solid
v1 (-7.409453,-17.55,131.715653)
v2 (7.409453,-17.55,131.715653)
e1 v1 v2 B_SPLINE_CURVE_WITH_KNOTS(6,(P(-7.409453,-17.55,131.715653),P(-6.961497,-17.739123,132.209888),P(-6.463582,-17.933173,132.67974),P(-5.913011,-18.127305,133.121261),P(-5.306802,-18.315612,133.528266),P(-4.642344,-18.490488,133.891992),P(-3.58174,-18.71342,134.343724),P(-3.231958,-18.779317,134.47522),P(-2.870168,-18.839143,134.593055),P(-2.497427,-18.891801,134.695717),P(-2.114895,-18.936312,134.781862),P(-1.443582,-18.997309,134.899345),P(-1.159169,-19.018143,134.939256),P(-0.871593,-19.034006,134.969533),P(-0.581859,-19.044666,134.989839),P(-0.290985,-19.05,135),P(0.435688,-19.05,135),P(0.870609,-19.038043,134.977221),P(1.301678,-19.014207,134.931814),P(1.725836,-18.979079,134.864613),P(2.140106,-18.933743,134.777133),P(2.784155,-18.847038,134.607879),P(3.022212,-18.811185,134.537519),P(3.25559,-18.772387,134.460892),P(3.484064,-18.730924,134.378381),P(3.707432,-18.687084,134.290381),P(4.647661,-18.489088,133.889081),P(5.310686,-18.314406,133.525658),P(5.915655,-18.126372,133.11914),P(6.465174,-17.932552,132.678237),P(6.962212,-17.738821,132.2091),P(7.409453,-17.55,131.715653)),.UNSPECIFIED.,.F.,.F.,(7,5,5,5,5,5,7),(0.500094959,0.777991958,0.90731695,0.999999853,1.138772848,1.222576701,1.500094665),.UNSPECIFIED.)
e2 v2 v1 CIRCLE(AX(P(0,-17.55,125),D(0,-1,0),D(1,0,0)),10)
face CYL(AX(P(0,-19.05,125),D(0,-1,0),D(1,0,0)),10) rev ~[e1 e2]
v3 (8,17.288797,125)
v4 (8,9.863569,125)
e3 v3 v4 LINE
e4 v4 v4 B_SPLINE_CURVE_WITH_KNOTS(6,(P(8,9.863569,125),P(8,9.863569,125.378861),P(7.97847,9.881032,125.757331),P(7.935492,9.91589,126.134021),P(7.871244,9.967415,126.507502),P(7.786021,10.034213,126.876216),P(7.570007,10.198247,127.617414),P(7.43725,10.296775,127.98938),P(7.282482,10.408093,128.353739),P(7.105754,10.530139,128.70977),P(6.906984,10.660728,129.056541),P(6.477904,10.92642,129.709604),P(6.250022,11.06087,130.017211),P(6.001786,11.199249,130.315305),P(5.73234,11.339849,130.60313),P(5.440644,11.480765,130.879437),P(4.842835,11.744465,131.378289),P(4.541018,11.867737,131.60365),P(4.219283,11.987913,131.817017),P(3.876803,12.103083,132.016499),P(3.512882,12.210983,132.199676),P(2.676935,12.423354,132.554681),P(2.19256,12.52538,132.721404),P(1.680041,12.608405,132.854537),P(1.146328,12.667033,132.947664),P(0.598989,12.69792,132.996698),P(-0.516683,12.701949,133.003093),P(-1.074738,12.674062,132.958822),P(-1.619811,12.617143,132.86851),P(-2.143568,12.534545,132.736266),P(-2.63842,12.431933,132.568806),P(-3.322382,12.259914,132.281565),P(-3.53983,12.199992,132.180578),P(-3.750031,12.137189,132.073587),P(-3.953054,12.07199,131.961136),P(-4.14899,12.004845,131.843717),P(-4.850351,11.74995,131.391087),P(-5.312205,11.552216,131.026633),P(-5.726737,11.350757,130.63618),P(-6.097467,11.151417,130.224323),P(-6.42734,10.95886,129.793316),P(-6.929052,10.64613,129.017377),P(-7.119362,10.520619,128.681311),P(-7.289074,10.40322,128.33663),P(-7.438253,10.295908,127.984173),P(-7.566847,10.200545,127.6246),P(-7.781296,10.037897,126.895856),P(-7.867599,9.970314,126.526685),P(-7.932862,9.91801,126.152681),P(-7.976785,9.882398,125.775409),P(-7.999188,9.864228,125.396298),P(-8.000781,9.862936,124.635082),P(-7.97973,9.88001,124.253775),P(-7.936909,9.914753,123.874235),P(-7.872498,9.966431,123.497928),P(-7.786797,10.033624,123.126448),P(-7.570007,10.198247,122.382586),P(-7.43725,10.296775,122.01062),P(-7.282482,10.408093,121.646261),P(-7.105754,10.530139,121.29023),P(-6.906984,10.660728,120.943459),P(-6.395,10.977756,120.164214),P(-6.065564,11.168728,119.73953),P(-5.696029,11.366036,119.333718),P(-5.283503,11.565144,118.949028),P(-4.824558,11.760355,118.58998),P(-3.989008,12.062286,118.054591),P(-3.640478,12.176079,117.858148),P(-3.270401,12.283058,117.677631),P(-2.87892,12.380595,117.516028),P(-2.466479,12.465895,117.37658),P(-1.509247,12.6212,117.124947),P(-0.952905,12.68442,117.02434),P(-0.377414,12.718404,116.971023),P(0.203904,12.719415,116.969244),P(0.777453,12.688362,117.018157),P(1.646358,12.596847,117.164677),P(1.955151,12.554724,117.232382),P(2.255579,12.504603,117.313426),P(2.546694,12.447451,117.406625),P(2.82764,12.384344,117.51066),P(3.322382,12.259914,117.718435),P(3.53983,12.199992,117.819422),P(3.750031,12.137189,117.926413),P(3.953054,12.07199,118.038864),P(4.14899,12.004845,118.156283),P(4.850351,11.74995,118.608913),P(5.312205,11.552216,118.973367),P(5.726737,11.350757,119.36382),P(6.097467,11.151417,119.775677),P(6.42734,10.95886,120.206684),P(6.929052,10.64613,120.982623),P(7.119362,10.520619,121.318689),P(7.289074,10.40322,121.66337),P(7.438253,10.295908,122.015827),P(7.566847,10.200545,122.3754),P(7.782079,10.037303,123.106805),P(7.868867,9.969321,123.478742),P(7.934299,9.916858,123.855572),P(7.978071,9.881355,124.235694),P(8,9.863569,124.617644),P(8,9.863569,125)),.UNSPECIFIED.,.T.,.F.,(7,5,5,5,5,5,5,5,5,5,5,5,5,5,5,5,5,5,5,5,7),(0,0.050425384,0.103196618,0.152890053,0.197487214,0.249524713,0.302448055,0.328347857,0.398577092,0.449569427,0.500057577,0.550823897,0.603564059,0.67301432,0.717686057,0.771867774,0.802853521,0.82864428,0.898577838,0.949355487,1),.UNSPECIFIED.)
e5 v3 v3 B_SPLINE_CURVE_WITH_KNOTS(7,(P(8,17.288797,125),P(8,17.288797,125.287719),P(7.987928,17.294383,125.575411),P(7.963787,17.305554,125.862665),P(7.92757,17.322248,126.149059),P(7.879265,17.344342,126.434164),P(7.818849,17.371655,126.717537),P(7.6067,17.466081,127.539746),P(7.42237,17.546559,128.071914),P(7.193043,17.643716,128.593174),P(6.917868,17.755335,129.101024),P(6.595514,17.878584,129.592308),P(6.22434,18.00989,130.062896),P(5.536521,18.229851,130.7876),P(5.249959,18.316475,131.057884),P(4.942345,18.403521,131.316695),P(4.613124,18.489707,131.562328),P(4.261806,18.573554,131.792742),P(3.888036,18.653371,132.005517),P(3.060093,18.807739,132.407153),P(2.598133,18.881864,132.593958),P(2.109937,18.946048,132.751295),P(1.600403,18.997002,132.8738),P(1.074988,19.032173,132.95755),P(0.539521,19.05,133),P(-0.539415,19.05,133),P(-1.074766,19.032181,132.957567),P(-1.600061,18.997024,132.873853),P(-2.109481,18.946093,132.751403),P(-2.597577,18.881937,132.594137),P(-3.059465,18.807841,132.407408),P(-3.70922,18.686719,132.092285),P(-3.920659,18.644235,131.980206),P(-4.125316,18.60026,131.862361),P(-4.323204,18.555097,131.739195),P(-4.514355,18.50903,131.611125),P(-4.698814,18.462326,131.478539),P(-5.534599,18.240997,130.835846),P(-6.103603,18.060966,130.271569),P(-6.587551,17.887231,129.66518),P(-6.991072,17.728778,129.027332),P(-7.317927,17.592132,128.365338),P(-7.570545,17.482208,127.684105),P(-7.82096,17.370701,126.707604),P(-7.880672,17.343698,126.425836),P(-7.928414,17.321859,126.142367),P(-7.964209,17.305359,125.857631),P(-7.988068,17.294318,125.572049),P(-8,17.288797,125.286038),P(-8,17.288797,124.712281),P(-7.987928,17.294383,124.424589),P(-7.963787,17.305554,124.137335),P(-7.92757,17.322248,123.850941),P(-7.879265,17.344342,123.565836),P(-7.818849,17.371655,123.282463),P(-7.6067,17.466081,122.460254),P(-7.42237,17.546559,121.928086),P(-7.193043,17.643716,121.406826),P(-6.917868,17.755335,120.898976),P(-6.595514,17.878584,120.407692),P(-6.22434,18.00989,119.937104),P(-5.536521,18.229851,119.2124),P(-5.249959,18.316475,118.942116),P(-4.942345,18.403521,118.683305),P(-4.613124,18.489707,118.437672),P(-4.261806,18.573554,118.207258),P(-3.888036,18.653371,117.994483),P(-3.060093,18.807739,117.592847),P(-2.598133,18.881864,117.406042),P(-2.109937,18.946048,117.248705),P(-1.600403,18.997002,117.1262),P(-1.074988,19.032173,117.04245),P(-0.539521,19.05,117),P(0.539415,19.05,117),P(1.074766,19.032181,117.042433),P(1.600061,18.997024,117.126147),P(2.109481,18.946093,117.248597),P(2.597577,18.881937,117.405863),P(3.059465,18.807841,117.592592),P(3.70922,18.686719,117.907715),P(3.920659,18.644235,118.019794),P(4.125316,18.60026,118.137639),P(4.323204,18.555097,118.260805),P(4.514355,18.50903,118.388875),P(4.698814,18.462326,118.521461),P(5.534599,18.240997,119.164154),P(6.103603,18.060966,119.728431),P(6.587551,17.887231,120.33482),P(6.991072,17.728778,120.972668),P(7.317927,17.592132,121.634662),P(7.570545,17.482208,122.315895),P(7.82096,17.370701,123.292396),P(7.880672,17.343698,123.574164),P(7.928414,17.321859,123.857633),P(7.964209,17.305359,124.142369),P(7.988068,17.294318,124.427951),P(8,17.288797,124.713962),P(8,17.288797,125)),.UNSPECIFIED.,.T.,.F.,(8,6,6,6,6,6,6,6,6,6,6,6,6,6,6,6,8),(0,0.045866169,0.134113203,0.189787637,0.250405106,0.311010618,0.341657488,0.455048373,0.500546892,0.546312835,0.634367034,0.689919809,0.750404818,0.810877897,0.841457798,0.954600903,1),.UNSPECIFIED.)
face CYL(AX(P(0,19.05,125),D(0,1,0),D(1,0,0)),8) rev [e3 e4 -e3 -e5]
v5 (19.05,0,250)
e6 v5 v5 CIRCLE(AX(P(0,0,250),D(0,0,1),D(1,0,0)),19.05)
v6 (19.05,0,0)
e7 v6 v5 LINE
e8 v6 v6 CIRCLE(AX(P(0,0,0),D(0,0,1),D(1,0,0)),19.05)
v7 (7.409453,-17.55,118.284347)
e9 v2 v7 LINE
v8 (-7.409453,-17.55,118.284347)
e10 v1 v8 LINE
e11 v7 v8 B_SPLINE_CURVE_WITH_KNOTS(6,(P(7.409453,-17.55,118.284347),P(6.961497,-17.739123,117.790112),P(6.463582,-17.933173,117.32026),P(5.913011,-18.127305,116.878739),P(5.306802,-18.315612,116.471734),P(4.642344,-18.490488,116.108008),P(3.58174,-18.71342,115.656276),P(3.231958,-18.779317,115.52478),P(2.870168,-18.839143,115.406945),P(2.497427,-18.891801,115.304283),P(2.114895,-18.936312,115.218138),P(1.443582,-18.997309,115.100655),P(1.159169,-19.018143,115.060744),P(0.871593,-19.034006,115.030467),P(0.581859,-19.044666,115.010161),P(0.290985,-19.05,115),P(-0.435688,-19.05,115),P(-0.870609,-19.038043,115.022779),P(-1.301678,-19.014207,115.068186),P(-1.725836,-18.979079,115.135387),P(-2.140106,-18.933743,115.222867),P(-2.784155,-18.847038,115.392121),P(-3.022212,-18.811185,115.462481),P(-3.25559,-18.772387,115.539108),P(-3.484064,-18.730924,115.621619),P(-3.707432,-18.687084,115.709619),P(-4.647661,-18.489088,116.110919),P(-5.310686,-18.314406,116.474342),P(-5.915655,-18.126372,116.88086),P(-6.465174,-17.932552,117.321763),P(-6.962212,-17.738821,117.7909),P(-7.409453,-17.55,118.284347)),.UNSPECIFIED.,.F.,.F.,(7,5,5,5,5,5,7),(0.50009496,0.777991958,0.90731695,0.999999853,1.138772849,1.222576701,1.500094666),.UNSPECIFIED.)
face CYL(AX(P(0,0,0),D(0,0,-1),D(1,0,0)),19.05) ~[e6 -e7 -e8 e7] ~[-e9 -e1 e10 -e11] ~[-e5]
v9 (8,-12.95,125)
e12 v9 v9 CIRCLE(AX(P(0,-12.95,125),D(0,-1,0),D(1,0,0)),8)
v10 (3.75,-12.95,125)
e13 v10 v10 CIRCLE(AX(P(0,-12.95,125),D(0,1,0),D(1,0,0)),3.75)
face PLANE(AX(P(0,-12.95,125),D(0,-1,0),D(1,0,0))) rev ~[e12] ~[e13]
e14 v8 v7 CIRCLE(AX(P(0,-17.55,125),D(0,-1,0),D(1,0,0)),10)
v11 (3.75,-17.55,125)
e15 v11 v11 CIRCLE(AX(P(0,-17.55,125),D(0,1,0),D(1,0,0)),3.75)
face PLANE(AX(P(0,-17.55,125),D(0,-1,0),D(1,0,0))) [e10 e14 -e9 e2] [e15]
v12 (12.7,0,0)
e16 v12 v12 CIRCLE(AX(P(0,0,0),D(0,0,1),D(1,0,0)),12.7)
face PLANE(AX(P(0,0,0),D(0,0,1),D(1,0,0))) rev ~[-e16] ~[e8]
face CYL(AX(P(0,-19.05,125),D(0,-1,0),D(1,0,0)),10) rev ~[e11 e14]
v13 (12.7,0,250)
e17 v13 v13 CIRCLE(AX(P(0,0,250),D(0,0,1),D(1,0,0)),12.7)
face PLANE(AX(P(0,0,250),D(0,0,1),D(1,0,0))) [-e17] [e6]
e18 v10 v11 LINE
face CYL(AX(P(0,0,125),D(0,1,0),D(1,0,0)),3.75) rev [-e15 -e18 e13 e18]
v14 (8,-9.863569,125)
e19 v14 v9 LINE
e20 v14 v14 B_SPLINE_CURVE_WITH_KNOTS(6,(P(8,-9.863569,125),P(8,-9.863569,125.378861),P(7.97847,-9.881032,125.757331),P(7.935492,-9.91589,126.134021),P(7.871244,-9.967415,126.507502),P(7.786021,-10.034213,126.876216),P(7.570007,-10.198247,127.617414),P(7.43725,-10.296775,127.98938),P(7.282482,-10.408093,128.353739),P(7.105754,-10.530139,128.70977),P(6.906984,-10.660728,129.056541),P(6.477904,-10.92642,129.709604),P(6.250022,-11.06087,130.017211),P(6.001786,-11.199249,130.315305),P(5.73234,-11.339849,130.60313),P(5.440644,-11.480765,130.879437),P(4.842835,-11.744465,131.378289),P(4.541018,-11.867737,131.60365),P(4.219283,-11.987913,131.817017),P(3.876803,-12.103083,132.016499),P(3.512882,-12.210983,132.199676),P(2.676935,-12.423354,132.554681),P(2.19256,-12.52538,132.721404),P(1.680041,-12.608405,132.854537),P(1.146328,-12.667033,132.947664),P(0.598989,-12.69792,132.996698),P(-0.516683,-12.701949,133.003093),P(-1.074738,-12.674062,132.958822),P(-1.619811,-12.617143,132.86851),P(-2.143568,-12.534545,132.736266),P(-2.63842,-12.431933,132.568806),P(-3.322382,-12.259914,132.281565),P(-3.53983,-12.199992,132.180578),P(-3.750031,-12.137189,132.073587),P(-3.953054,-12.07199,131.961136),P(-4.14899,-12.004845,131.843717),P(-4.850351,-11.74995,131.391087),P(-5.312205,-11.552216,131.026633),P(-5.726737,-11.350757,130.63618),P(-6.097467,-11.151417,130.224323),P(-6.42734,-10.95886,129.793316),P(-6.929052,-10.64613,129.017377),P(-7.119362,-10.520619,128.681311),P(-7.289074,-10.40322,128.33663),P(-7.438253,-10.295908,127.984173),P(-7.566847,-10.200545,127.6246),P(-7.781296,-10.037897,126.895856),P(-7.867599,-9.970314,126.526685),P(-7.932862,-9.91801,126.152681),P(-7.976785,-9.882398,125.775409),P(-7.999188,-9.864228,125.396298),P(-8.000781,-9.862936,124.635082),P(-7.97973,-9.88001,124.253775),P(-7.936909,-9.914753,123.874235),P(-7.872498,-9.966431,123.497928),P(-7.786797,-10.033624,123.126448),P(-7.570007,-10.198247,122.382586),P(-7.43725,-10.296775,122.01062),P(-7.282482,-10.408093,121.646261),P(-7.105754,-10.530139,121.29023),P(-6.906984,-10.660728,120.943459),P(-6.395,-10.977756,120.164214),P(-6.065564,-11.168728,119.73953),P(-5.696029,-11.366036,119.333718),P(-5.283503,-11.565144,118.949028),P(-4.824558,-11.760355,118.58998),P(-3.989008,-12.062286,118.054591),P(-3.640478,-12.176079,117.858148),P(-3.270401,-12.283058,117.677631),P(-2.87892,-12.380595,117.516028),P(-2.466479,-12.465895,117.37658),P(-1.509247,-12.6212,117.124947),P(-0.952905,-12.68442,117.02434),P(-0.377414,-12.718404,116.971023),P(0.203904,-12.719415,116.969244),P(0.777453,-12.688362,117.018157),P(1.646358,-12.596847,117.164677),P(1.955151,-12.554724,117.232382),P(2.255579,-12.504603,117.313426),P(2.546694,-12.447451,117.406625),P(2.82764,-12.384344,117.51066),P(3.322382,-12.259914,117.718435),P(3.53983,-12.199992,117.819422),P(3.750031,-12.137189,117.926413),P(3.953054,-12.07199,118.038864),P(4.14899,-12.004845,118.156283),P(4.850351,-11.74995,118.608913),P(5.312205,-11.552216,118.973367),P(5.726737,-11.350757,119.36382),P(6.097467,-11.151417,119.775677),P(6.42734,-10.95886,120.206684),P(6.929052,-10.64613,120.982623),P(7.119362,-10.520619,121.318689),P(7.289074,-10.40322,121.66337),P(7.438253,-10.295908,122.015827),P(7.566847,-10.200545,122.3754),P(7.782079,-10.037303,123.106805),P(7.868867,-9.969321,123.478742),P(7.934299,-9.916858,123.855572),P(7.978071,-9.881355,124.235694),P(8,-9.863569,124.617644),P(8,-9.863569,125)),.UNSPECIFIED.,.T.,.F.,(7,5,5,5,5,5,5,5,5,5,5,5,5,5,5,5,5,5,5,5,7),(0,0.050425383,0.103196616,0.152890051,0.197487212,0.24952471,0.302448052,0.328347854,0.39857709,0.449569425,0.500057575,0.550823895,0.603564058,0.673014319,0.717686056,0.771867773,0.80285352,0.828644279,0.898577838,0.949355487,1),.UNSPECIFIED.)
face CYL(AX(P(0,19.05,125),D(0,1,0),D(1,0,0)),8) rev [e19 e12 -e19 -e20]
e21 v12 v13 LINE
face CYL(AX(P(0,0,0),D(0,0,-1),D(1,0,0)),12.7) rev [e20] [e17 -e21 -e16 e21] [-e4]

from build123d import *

# Parameters (mm, degrees)
F0_R      = 19.05
F0_R_2    = 12.7
F1_DEPTH  = 250
F2_R      = 3.75
F3_DEPTH  = 19.051
F4_DEPTH  = 19.051
F6_R      = 8
F7_DEPTH  = 32
F9_R      = 10
F10_DEPTH = 1.5


with BuildPart() as f1:
    # F0 (on Top) → F1 (new body)
    with BuildSketch(Plane.XY):
        Circle(F0_R)
        Circle(F0_R_2, mode=Mode.SUBTRACT)
    extrude(amount=F1_DEPTH)

    # F2 (on Front) → F3 (cut, through all)
    with BuildSketch(Plane.XZ):
        with Locations((0, 125)):
            Circle(F2_R)
    extrude(amount=-F3_DEPTH, mode=Mode.SUBTRACT)

    # F2 (on Front) → F4 (cut, through all)
    with BuildSketch(Plane.XZ):
        with Locations((0, 125)):
            Circle(F2_R)
    extrude(amount=F4_DEPTH, mode=Mode.SUBTRACT)

    # F6 (on offset) → F7 (cut)
    with BuildSketch(Plane.XZ.offset(-19.05)):
        with Locations((0, 125)):
            Circle(F6_R)
    extrude(amount=F7_DEPTH, mode=Mode.SUBTRACT)

    # F9 (on offset) → F10 (cut)
    with BuildSketch(Plane.XZ.offset(19.05)):
        with Locations((0, 125)):
            Circle(F9_R)
    extrude(amount=-F10_DEPTH, mode=Mode.SUBTRACT)


solid = f1.part
